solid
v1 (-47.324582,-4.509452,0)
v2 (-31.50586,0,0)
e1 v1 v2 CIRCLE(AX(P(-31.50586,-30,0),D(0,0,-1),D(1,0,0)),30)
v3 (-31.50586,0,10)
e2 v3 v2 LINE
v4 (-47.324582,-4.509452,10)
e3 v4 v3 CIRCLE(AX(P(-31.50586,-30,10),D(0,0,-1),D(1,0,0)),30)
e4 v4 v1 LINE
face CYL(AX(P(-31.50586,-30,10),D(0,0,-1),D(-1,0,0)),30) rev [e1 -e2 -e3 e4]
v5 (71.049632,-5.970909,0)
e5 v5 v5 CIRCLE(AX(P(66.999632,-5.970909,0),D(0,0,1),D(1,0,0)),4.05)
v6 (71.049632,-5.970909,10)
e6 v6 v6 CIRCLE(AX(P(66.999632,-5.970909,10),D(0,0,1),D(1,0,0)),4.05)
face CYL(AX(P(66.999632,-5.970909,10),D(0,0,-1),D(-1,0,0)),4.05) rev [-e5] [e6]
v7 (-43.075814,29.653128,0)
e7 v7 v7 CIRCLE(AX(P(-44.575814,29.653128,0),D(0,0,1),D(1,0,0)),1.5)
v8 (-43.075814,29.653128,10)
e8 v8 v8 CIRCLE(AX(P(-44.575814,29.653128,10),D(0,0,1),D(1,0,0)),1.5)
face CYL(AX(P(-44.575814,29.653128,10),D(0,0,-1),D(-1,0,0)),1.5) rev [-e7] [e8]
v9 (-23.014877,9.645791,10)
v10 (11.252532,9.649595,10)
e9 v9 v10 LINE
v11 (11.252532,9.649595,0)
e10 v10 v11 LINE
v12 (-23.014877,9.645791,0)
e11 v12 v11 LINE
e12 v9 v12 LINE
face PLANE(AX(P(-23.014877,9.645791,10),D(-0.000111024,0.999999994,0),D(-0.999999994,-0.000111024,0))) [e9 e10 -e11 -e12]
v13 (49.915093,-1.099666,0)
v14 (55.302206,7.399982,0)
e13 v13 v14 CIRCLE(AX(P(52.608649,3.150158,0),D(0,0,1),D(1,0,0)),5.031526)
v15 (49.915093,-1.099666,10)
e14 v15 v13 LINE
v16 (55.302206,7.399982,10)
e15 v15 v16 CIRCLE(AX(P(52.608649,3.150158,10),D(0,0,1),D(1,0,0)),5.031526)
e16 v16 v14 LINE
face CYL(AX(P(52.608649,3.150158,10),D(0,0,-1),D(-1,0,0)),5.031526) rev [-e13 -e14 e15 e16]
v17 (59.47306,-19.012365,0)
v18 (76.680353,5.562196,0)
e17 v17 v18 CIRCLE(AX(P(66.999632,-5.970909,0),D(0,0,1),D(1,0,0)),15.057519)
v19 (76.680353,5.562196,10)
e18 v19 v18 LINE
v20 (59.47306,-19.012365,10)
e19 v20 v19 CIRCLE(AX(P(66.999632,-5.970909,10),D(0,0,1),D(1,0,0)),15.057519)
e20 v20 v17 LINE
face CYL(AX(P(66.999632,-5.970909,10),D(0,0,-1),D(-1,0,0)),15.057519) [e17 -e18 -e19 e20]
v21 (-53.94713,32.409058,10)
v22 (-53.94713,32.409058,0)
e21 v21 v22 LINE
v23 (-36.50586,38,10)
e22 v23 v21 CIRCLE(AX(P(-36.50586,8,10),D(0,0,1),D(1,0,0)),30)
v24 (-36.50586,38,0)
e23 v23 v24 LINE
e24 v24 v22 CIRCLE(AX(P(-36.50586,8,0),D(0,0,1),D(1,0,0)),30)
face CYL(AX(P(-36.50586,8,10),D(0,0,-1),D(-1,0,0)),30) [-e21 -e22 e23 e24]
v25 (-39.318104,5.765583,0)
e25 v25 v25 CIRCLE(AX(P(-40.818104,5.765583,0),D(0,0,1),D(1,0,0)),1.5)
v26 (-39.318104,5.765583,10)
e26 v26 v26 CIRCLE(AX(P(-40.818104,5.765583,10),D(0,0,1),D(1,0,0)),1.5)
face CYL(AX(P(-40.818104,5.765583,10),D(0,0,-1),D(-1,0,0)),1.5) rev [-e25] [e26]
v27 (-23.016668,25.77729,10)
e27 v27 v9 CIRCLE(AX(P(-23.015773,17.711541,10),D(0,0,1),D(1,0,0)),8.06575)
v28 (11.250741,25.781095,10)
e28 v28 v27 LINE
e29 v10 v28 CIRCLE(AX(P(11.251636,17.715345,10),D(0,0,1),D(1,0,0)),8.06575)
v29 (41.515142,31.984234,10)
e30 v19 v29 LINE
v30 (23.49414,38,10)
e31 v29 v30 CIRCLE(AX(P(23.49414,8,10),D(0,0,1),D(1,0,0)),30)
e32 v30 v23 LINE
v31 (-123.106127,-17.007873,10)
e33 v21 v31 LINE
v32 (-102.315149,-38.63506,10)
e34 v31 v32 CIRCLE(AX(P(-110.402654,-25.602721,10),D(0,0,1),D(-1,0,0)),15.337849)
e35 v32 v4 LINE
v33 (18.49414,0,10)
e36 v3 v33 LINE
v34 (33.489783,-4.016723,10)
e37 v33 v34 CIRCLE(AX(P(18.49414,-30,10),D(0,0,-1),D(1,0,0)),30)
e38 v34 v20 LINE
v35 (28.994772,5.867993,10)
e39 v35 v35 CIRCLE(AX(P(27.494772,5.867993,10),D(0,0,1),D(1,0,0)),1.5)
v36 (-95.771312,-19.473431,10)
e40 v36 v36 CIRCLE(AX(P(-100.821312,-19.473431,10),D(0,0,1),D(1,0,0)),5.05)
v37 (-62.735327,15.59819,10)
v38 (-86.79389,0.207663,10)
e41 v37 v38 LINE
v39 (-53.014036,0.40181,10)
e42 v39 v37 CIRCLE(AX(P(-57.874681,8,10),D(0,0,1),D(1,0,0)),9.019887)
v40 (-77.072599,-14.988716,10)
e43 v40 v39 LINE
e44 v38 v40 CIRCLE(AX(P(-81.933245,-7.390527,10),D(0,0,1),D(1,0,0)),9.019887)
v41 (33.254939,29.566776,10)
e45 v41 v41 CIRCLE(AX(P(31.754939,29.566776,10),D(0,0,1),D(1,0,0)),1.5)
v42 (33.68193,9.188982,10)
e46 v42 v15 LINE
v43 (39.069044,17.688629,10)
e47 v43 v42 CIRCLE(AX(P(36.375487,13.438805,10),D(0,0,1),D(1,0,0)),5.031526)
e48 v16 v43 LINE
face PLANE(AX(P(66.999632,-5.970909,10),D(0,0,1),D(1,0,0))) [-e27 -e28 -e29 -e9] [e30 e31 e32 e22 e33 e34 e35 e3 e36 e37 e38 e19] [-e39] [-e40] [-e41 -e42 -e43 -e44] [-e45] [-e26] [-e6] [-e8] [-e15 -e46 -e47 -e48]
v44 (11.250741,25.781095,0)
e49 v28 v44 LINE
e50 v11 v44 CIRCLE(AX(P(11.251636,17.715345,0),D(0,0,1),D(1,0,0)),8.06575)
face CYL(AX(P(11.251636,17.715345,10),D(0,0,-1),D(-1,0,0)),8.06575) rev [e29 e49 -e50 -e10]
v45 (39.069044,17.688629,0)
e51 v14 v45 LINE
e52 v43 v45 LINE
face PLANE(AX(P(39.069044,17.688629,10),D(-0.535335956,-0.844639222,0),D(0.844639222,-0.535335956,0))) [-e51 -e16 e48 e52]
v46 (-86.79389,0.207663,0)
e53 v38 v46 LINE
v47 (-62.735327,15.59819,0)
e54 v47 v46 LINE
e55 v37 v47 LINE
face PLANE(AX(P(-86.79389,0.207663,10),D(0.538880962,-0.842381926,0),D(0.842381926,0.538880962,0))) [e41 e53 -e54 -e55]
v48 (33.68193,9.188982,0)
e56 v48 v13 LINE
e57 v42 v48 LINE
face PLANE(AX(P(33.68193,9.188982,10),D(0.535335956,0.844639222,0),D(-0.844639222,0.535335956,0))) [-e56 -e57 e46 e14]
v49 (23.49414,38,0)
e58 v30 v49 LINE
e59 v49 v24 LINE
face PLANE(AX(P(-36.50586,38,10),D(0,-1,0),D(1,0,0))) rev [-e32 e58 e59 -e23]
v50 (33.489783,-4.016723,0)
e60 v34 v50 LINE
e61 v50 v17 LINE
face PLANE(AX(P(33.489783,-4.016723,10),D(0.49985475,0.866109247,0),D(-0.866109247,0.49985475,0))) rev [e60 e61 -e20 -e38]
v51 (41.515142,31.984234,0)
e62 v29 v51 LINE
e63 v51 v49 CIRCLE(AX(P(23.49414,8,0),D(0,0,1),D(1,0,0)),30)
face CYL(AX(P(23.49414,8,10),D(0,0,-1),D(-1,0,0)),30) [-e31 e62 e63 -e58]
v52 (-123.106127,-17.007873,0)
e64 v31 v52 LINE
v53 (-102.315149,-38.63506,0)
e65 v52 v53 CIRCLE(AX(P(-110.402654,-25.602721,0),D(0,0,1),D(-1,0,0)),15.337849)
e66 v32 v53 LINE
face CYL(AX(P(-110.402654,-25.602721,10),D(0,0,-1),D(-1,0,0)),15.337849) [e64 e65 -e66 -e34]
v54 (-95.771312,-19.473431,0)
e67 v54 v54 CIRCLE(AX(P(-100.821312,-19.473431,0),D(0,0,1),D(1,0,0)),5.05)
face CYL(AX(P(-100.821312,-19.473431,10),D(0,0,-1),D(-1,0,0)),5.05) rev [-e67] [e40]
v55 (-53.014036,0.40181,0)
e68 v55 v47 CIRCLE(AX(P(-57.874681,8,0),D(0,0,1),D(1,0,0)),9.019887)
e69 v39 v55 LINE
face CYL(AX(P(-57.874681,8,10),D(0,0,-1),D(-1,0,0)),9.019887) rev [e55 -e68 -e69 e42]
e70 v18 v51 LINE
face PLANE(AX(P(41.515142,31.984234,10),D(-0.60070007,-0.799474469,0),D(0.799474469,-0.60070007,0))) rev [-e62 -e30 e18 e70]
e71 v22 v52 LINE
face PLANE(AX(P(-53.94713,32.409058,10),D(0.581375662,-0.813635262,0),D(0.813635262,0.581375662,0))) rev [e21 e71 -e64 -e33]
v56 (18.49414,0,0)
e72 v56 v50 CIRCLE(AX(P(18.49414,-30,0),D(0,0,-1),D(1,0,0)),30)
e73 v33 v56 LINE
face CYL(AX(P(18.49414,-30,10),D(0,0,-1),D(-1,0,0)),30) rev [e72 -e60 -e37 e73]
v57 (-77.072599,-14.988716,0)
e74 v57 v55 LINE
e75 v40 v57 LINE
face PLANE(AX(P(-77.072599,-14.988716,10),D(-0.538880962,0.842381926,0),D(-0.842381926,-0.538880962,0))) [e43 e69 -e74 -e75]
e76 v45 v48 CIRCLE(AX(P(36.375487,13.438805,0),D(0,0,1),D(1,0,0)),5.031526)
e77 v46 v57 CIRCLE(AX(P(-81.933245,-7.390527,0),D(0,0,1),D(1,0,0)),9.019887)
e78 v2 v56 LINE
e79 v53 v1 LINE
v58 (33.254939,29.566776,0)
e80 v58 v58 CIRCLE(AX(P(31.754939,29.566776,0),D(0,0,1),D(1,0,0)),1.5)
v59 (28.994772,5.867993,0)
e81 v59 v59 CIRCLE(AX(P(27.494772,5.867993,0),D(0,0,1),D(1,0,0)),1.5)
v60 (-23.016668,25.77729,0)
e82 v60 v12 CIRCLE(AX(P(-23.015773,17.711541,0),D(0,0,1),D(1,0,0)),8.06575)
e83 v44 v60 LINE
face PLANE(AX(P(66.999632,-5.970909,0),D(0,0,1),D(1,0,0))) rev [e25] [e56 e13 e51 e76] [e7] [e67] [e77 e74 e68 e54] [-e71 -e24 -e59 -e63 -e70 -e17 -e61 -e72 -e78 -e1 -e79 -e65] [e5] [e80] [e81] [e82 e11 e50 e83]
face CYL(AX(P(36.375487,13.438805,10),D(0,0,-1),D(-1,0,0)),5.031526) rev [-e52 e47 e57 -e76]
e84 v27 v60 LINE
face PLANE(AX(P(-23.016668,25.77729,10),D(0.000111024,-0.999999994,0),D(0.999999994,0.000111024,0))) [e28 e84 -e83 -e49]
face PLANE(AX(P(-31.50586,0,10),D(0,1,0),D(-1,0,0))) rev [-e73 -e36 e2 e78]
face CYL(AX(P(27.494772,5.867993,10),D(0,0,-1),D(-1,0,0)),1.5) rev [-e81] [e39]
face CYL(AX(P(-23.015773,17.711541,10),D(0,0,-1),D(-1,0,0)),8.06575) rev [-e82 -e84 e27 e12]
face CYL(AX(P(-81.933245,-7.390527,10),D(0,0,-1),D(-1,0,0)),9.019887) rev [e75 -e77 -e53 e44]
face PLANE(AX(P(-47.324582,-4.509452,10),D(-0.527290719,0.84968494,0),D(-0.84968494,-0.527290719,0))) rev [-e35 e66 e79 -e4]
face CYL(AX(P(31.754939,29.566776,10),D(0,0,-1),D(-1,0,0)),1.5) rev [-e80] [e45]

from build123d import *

# Parameters (mm, degrees)
SKETCH1_R           = 4.05
SKETCH1_R_2         = 1.5
SKETCH1_R_3         = 5.05
BOSS_EXTRUDE1_DEPTH = 10


with BuildPart() as part:
    # Sketch1 → Boss-Extrude1 (new body)
    with BuildSketch(Plane.XY):
        with BuildLine():
            Line((-36.50585994, 38), (23.49414006, 38))
            ThreePointArc((23.49414006, 38), (32.993428927, 36.45634395), (41.515142146, 31.984234067))
            Line((41.515142146, 31.984234067), (76.680353084, 5.562196244))
            ThreePointArc((76.680353084, 5.562196244), (79.334029485, -14.607546806), (59.473059994, -19.012365084))
            Line((59.473059994, -19.012365084), (33.489782569, -4.016722575))
            ThreePointArc((33.489782569, -4.016722575), (26.256281428, -1.021574208), (18.49414006, 0))
            Line((18.49414006, 0), (-31.50585994, 0))
            ThreePointArc((-31.50585994, 0), (-39.73032204, -1.149380887), (-47.324581503, -4.509451788))
            Line((-47.324581503, -4.509451788), (-102.315148598, -38.635060317))
            ThreePointArc((-102.315148598, -38.635060317), (-121.459805376, -36.232350563), (-123.106127076, -17.0078734))
            Line((-123.106127076, -17.0078734), (-53.947129798, 32.409057863))
            ThreePointArc((-53.947129798, 32.409057863), (-45.663596127, 36.56809178), (-36.50585994, 38))
        make_face()
        with Locations((66.99963225, -5.970908883)):
            Circle(SKETCH1_R, mode=Mode.SUBTRACT)
        with Locations((-44.575814379, 29.653127509)):
            Circle(SKETCH1_R_2, mode=Mode.SUBTRACT)
        with Locations((-40.818103787, 5.765583384)):
            Circle(SKETCH1_R_2, mode=Mode.SUBTRACT)
        with Locations((31.754938755, 29.566776323)):
            Circle(SKETCH1_R_2, mode=Mode.SUBTRACT)
        with Locations((27.4947716, 5.867993419)):
            Circle(SKETCH1_R_2, mode=Mode.SUBTRACT)
        with Locations((-100.821311964, -19.473430923)):
            Circle(SKETCH1_R_3, mode=Mode.SUBTRACT)
        with BuildLine():
            Line((-86.793889829, 0.207662569), (-62.735326509, 15.598189533))
            ThreePointArc((-62.735326509, 15.598189533), (-50.276491752, 12.860645223), (-53.014036062, 0.401810467))
            Line((-53.014036062, 0.401810467), (-77.072599382, -14.988716497))
            ThreePointArc((-77.072599382, -14.988716497), (-89.531434139, -12.251172188), (-86.793889829, 0.207662569))
        make_face(mode=Mode.SUBTRACT)
        with BuildLine():
            Line((-23.016668441, 25.777290149), (11.250740888, 25.781094638))
            ThreePointArc((11.250740888, 25.781094638), (19.317386003, 17.716240499), (11.252531864, 9.649595384))
            Line((11.252531864, 9.649595384), (-23.014877464, 9.645790894))
            ThreePointArc((-23.014877464, 9.645790894), (-31.08152258, 17.710645033), (-23.016668441, 25.777290149))
        make_face(mode=Mode.SUBTRACT)
        with BuildLine():
            Line((39.069043687, 17.688629392), (55.302205937, 7.399981644))
            ThreePointArc((55.302205937, 7.399981644), (56.858473261, 0.45660111), (49.915092727, -1.099666214))
            Line((49.915092727, -1.099666214), (33.681930477, 9.188981534))
            ThreePointArc((33.681930477, 9.188981534), (32.125663153, 16.132362067), (39.069043687, 17.688629392))
        make_face(mode=Mode.SUBTRACT)
    extrude(amount=BOSS_EXTRUDE1_DEPTH)


solid = part.part
